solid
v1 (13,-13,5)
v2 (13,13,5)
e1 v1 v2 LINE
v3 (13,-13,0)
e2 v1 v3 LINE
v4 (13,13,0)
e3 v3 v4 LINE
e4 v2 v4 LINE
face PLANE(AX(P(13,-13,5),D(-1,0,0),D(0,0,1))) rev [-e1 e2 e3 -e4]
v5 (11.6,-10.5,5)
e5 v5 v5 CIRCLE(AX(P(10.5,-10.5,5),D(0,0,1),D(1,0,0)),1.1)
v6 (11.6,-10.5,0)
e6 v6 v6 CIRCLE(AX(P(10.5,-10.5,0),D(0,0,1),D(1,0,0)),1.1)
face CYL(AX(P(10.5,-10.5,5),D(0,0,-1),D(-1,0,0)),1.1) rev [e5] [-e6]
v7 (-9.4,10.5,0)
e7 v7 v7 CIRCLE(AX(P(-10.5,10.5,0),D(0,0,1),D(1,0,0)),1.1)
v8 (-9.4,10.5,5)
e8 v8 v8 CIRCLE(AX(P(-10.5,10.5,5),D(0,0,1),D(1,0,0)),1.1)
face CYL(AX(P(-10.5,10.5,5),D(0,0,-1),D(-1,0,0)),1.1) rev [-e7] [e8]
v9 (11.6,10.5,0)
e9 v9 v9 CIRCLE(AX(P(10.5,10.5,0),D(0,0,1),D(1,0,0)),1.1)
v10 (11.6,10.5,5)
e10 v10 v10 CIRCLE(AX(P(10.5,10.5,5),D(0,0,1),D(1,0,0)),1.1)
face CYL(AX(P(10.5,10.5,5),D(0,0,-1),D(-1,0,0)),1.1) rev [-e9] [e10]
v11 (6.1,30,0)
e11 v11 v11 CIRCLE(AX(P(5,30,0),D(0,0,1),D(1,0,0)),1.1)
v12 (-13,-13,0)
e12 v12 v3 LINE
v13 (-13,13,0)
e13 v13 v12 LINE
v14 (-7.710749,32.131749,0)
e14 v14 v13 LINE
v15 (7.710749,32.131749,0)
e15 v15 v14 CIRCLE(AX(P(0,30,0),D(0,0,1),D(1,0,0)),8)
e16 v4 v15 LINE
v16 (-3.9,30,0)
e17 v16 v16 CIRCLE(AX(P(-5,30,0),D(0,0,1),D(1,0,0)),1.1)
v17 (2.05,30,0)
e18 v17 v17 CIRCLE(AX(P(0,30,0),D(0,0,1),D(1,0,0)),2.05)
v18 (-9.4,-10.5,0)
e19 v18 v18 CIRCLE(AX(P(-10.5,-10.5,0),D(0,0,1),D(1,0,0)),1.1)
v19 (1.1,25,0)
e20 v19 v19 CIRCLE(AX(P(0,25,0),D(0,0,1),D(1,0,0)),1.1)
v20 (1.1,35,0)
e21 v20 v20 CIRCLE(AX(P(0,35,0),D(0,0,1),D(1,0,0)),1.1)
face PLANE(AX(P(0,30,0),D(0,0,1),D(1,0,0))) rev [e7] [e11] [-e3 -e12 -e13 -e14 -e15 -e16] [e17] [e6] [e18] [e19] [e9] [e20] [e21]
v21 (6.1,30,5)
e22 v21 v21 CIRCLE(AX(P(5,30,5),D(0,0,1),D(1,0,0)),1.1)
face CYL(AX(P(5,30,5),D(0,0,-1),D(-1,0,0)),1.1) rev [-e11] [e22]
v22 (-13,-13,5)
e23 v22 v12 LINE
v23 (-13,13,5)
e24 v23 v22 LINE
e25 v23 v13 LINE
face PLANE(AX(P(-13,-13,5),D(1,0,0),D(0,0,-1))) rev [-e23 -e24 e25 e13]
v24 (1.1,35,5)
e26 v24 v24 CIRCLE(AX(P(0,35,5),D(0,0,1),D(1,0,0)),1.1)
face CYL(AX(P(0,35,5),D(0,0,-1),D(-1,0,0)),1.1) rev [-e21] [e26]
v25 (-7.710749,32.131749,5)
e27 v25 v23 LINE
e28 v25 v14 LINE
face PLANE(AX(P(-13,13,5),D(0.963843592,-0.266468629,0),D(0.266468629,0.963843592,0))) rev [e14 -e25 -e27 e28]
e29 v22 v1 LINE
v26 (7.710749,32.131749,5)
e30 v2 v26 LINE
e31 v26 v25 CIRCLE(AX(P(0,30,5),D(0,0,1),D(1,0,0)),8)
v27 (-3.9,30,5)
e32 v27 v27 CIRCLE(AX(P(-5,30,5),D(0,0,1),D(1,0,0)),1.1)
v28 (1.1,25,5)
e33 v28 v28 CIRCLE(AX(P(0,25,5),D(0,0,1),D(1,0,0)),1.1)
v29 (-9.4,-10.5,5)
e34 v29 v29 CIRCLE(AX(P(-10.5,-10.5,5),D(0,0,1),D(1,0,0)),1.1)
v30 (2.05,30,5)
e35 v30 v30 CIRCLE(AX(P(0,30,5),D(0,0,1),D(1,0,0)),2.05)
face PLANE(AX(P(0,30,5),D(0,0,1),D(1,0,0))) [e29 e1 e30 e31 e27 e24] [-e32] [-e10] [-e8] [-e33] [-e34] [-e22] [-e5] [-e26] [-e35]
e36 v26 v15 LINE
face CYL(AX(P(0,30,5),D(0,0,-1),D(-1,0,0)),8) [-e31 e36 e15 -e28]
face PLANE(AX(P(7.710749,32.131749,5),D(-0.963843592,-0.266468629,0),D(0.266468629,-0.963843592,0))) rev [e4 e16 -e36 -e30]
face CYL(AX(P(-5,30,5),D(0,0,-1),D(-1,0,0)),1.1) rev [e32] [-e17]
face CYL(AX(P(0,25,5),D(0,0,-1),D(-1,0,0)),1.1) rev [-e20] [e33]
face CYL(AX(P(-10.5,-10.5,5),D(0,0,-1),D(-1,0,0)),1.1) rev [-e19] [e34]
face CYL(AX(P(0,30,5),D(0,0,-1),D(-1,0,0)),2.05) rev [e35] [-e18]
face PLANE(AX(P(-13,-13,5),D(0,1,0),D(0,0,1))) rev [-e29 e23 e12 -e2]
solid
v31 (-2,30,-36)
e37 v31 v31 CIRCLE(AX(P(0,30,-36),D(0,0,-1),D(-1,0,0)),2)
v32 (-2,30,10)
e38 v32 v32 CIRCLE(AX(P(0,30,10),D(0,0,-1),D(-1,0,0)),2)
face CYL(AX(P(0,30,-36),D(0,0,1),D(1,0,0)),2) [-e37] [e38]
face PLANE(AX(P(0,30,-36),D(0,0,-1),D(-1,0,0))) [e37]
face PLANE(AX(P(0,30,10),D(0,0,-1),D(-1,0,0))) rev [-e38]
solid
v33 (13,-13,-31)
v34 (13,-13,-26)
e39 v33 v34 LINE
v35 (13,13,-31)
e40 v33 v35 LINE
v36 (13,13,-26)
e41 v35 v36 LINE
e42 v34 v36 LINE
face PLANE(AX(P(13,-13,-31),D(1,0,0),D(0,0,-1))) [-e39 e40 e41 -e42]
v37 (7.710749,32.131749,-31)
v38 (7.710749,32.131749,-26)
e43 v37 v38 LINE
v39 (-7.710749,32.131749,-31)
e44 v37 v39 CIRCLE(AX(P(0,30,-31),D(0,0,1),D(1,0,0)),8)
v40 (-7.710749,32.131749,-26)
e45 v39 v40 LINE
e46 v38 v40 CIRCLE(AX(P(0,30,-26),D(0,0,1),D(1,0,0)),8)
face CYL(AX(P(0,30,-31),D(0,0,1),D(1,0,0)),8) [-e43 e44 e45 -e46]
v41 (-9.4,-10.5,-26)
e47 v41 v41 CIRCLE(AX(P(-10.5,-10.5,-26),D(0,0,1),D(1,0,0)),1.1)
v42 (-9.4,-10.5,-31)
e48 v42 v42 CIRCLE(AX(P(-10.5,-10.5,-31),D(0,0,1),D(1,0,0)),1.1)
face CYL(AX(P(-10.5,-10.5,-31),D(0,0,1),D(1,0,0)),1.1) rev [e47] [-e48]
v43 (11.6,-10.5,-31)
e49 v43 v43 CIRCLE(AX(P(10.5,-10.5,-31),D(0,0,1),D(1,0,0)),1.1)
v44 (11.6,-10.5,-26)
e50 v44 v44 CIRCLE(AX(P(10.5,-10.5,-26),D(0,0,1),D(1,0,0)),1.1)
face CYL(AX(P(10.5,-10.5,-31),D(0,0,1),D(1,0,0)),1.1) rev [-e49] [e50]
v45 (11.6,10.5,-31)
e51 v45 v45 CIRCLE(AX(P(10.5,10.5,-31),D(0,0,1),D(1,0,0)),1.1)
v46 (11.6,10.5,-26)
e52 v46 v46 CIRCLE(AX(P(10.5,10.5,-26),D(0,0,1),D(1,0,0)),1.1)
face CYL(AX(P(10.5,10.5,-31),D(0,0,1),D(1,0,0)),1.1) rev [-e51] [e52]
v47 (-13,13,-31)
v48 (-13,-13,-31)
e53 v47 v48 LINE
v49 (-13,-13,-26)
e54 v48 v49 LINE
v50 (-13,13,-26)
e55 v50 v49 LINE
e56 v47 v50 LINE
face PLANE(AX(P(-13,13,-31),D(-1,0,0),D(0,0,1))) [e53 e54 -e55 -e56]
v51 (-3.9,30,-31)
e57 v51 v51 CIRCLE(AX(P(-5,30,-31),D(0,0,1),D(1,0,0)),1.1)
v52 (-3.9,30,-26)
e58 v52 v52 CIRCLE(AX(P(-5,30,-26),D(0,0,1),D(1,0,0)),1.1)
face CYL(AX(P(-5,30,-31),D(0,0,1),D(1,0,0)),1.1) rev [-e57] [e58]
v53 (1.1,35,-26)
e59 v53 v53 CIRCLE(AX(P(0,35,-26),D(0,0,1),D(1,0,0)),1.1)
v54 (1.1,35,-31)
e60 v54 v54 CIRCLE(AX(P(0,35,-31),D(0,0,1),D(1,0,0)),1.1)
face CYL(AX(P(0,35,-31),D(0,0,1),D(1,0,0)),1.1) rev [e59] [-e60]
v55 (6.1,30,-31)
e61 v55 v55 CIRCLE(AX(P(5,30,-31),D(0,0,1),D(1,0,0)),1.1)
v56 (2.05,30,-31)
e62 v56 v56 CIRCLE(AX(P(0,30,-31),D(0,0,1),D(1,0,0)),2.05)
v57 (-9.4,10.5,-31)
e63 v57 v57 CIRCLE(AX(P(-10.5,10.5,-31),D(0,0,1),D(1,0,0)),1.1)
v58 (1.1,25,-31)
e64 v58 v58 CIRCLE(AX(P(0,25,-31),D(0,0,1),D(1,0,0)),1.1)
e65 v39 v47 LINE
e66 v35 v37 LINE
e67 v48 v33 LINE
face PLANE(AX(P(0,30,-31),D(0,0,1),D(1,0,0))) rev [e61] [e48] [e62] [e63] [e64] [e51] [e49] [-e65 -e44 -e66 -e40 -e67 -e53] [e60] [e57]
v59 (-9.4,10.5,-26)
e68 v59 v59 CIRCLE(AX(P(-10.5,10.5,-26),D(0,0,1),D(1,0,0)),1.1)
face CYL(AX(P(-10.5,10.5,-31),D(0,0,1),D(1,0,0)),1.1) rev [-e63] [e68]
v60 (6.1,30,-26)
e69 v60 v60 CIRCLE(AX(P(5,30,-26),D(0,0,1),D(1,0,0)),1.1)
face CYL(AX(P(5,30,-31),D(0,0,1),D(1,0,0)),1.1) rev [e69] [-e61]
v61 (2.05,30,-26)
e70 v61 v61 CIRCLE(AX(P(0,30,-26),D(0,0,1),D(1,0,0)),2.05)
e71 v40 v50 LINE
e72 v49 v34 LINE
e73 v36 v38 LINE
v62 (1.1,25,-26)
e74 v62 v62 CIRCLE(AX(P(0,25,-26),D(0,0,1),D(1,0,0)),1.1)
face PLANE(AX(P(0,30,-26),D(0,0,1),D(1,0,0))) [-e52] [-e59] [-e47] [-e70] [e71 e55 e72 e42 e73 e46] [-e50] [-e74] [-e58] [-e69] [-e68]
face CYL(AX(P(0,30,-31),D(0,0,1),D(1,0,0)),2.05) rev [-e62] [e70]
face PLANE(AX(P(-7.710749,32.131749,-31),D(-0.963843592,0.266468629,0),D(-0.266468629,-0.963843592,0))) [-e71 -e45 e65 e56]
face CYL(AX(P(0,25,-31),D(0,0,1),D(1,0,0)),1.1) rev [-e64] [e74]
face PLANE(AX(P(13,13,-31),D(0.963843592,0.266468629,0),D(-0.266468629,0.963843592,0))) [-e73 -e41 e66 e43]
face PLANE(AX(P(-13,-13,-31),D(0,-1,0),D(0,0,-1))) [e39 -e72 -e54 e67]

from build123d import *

# Parameters (mm, degrees)
SKETCH_1_R           = 1.1
SKETCH_1_R_2         = 2.05
EXTRUDE_1_DEPTH      = 5
SKETCH_4_R           = 1.1
SKETCH_4_R_2         = 2.05
EXTRUDE_2_DEPTH      = 5
EXTRUDE_3_DEPTH      = 5
EXTRUDE_3_DEPTH_BACK = 41
SKETCH_6_R           = 2


with BuildPart() as part:
    # ｽｹｯﾁ1 → ﾎﾞｽ - 押し出し1 (new body)
    with BuildSketch(Plane.XY):
        with BuildLine():
            Line((-13, -13), (13, -13))
            Line((13, -13), (13, 13))
            Line((13, 13), (7.710748735, 32.131749033))
            ThreePointArc((7.710748735, 32.131749033), (0, 38), (-7.710748735, 32.131749033))
            Line((-7.710748735, 32.131749033), (-13, 13))
            Line((-13, 13), (-13, -13))
        make_face()
        with Locations((-10.5, 10.5)):
            Circle(SKETCH_1_R, mode=Mode.SUBTRACT)
        with Locations((10.5, 10.5)):
            Circle(SKETCH_1_R, mode=Mode.SUBTRACT)
        with Locations((10.5, -10.5)):
            Circle(SKETCH_1_R, mode=Mode.SUBTRACT)
        with Locations((-10.5, -10.5)):
            Circle(SKETCH_1_R, mode=Mode.SUBTRACT)
        with Locations((0, 30)):
            Circle(SKETCH_1_R_2, mode=Mode.SUBTRACT)
        with Locations((0, 35)):
            Circle(SKETCH_1_R, mode=Mode.SUBTRACT)
        with Locations((5, 30)):
            Circle(SKETCH_1_R, mode=Mode.SUBTRACT)
        with Locations((0, 25)):
            Circle(SKETCH_1_R, mode=Mode.SUBTRACT)
        with Locations((-5, 30)):
            Circle(SKETCH_1_R, mode=Mode.SUBTRACT)
    extrude(amount=EXTRUDE_1_DEPTH)


with BuildPart() as body_2:
    # ｽｹｯﾁ4 → ﾎﾞｽ - 押し出し2 (new body)
    with BuildSketch(Plane.XY.offset(-26)):
        with BuildLine():
            Line((-13, 13), (-13, -13))
            Line((-13, -13), (13, -13))
            Line((13, -13), (13, 13))
            Line((13, 13), (7.710748735, 32.131749033))
            ThreePointArc((7.710748735, 32.131749033), (0, 38), (-7.710748735, 32.131749033))
            Line((-7.710748735, 32.131749033), (-13, 13))
        make_face()
        with Locations((-10.5, 10.5)):
            Circle(SKETCH_4_R, mode=Mode.SUBTRACT)
        with Locations((10.5, 10.5)):
            Circle(SKETCH_4_R, mode=Mode.SUBTRACT)
        with Locations((10.5, -10.5)):
            Circle(SKETCH_4_R, mode=Mode.SUBTRACT)
        with Locations((-10.5, -10.5)):
            Circle(SKETCH_4_R, mode=Mode.SUBTRACT)
        with Locations((0, 30)):
            Circle(SKETCH_4_R_2, mode=Mode.SUBTRACT)
        with Locations((0, 35)):
            Circle(SKETCH_4_R, mode=Mode.SUBTRACT)
        with Locations((5, 30)):
            Circle(SKETCH_4_R, mode=Mode.SUBTRACT)
        with Locations((0, 25)):
            Circle(SKETCH_4_R, mode=Mode.SUBTRACT)
        with Locations((-5, 30)):
            Circle(SKETCH_4_R, mode=Mode.SUBTRACT)
    extrude(amount=-EXTRUDE_2_DEPTH)


with BuildPart() as body_3:
    # ｽｹｯﾁ6 → ﾎﾞｽ - 押し出し3 (new, two sides: drawn at the far end of the back side and taken through both)
    with BuildSketch(Plane(origin=(0, 0, -31), x_dir=(-1, 0, 0), z_dir=(0, 0, -1)).offset(-EXTRUDE_3_DEPTH_BACK)):
        with Locations((0, 30)):
            Circle(SKETCH_6_R)
    extrude(amount=EXTRUDE_3_DEPTH + EXTRUDE_3_DEPTH_BACK)


solid = Compound([part.part, body_2.part, body_3.part])
